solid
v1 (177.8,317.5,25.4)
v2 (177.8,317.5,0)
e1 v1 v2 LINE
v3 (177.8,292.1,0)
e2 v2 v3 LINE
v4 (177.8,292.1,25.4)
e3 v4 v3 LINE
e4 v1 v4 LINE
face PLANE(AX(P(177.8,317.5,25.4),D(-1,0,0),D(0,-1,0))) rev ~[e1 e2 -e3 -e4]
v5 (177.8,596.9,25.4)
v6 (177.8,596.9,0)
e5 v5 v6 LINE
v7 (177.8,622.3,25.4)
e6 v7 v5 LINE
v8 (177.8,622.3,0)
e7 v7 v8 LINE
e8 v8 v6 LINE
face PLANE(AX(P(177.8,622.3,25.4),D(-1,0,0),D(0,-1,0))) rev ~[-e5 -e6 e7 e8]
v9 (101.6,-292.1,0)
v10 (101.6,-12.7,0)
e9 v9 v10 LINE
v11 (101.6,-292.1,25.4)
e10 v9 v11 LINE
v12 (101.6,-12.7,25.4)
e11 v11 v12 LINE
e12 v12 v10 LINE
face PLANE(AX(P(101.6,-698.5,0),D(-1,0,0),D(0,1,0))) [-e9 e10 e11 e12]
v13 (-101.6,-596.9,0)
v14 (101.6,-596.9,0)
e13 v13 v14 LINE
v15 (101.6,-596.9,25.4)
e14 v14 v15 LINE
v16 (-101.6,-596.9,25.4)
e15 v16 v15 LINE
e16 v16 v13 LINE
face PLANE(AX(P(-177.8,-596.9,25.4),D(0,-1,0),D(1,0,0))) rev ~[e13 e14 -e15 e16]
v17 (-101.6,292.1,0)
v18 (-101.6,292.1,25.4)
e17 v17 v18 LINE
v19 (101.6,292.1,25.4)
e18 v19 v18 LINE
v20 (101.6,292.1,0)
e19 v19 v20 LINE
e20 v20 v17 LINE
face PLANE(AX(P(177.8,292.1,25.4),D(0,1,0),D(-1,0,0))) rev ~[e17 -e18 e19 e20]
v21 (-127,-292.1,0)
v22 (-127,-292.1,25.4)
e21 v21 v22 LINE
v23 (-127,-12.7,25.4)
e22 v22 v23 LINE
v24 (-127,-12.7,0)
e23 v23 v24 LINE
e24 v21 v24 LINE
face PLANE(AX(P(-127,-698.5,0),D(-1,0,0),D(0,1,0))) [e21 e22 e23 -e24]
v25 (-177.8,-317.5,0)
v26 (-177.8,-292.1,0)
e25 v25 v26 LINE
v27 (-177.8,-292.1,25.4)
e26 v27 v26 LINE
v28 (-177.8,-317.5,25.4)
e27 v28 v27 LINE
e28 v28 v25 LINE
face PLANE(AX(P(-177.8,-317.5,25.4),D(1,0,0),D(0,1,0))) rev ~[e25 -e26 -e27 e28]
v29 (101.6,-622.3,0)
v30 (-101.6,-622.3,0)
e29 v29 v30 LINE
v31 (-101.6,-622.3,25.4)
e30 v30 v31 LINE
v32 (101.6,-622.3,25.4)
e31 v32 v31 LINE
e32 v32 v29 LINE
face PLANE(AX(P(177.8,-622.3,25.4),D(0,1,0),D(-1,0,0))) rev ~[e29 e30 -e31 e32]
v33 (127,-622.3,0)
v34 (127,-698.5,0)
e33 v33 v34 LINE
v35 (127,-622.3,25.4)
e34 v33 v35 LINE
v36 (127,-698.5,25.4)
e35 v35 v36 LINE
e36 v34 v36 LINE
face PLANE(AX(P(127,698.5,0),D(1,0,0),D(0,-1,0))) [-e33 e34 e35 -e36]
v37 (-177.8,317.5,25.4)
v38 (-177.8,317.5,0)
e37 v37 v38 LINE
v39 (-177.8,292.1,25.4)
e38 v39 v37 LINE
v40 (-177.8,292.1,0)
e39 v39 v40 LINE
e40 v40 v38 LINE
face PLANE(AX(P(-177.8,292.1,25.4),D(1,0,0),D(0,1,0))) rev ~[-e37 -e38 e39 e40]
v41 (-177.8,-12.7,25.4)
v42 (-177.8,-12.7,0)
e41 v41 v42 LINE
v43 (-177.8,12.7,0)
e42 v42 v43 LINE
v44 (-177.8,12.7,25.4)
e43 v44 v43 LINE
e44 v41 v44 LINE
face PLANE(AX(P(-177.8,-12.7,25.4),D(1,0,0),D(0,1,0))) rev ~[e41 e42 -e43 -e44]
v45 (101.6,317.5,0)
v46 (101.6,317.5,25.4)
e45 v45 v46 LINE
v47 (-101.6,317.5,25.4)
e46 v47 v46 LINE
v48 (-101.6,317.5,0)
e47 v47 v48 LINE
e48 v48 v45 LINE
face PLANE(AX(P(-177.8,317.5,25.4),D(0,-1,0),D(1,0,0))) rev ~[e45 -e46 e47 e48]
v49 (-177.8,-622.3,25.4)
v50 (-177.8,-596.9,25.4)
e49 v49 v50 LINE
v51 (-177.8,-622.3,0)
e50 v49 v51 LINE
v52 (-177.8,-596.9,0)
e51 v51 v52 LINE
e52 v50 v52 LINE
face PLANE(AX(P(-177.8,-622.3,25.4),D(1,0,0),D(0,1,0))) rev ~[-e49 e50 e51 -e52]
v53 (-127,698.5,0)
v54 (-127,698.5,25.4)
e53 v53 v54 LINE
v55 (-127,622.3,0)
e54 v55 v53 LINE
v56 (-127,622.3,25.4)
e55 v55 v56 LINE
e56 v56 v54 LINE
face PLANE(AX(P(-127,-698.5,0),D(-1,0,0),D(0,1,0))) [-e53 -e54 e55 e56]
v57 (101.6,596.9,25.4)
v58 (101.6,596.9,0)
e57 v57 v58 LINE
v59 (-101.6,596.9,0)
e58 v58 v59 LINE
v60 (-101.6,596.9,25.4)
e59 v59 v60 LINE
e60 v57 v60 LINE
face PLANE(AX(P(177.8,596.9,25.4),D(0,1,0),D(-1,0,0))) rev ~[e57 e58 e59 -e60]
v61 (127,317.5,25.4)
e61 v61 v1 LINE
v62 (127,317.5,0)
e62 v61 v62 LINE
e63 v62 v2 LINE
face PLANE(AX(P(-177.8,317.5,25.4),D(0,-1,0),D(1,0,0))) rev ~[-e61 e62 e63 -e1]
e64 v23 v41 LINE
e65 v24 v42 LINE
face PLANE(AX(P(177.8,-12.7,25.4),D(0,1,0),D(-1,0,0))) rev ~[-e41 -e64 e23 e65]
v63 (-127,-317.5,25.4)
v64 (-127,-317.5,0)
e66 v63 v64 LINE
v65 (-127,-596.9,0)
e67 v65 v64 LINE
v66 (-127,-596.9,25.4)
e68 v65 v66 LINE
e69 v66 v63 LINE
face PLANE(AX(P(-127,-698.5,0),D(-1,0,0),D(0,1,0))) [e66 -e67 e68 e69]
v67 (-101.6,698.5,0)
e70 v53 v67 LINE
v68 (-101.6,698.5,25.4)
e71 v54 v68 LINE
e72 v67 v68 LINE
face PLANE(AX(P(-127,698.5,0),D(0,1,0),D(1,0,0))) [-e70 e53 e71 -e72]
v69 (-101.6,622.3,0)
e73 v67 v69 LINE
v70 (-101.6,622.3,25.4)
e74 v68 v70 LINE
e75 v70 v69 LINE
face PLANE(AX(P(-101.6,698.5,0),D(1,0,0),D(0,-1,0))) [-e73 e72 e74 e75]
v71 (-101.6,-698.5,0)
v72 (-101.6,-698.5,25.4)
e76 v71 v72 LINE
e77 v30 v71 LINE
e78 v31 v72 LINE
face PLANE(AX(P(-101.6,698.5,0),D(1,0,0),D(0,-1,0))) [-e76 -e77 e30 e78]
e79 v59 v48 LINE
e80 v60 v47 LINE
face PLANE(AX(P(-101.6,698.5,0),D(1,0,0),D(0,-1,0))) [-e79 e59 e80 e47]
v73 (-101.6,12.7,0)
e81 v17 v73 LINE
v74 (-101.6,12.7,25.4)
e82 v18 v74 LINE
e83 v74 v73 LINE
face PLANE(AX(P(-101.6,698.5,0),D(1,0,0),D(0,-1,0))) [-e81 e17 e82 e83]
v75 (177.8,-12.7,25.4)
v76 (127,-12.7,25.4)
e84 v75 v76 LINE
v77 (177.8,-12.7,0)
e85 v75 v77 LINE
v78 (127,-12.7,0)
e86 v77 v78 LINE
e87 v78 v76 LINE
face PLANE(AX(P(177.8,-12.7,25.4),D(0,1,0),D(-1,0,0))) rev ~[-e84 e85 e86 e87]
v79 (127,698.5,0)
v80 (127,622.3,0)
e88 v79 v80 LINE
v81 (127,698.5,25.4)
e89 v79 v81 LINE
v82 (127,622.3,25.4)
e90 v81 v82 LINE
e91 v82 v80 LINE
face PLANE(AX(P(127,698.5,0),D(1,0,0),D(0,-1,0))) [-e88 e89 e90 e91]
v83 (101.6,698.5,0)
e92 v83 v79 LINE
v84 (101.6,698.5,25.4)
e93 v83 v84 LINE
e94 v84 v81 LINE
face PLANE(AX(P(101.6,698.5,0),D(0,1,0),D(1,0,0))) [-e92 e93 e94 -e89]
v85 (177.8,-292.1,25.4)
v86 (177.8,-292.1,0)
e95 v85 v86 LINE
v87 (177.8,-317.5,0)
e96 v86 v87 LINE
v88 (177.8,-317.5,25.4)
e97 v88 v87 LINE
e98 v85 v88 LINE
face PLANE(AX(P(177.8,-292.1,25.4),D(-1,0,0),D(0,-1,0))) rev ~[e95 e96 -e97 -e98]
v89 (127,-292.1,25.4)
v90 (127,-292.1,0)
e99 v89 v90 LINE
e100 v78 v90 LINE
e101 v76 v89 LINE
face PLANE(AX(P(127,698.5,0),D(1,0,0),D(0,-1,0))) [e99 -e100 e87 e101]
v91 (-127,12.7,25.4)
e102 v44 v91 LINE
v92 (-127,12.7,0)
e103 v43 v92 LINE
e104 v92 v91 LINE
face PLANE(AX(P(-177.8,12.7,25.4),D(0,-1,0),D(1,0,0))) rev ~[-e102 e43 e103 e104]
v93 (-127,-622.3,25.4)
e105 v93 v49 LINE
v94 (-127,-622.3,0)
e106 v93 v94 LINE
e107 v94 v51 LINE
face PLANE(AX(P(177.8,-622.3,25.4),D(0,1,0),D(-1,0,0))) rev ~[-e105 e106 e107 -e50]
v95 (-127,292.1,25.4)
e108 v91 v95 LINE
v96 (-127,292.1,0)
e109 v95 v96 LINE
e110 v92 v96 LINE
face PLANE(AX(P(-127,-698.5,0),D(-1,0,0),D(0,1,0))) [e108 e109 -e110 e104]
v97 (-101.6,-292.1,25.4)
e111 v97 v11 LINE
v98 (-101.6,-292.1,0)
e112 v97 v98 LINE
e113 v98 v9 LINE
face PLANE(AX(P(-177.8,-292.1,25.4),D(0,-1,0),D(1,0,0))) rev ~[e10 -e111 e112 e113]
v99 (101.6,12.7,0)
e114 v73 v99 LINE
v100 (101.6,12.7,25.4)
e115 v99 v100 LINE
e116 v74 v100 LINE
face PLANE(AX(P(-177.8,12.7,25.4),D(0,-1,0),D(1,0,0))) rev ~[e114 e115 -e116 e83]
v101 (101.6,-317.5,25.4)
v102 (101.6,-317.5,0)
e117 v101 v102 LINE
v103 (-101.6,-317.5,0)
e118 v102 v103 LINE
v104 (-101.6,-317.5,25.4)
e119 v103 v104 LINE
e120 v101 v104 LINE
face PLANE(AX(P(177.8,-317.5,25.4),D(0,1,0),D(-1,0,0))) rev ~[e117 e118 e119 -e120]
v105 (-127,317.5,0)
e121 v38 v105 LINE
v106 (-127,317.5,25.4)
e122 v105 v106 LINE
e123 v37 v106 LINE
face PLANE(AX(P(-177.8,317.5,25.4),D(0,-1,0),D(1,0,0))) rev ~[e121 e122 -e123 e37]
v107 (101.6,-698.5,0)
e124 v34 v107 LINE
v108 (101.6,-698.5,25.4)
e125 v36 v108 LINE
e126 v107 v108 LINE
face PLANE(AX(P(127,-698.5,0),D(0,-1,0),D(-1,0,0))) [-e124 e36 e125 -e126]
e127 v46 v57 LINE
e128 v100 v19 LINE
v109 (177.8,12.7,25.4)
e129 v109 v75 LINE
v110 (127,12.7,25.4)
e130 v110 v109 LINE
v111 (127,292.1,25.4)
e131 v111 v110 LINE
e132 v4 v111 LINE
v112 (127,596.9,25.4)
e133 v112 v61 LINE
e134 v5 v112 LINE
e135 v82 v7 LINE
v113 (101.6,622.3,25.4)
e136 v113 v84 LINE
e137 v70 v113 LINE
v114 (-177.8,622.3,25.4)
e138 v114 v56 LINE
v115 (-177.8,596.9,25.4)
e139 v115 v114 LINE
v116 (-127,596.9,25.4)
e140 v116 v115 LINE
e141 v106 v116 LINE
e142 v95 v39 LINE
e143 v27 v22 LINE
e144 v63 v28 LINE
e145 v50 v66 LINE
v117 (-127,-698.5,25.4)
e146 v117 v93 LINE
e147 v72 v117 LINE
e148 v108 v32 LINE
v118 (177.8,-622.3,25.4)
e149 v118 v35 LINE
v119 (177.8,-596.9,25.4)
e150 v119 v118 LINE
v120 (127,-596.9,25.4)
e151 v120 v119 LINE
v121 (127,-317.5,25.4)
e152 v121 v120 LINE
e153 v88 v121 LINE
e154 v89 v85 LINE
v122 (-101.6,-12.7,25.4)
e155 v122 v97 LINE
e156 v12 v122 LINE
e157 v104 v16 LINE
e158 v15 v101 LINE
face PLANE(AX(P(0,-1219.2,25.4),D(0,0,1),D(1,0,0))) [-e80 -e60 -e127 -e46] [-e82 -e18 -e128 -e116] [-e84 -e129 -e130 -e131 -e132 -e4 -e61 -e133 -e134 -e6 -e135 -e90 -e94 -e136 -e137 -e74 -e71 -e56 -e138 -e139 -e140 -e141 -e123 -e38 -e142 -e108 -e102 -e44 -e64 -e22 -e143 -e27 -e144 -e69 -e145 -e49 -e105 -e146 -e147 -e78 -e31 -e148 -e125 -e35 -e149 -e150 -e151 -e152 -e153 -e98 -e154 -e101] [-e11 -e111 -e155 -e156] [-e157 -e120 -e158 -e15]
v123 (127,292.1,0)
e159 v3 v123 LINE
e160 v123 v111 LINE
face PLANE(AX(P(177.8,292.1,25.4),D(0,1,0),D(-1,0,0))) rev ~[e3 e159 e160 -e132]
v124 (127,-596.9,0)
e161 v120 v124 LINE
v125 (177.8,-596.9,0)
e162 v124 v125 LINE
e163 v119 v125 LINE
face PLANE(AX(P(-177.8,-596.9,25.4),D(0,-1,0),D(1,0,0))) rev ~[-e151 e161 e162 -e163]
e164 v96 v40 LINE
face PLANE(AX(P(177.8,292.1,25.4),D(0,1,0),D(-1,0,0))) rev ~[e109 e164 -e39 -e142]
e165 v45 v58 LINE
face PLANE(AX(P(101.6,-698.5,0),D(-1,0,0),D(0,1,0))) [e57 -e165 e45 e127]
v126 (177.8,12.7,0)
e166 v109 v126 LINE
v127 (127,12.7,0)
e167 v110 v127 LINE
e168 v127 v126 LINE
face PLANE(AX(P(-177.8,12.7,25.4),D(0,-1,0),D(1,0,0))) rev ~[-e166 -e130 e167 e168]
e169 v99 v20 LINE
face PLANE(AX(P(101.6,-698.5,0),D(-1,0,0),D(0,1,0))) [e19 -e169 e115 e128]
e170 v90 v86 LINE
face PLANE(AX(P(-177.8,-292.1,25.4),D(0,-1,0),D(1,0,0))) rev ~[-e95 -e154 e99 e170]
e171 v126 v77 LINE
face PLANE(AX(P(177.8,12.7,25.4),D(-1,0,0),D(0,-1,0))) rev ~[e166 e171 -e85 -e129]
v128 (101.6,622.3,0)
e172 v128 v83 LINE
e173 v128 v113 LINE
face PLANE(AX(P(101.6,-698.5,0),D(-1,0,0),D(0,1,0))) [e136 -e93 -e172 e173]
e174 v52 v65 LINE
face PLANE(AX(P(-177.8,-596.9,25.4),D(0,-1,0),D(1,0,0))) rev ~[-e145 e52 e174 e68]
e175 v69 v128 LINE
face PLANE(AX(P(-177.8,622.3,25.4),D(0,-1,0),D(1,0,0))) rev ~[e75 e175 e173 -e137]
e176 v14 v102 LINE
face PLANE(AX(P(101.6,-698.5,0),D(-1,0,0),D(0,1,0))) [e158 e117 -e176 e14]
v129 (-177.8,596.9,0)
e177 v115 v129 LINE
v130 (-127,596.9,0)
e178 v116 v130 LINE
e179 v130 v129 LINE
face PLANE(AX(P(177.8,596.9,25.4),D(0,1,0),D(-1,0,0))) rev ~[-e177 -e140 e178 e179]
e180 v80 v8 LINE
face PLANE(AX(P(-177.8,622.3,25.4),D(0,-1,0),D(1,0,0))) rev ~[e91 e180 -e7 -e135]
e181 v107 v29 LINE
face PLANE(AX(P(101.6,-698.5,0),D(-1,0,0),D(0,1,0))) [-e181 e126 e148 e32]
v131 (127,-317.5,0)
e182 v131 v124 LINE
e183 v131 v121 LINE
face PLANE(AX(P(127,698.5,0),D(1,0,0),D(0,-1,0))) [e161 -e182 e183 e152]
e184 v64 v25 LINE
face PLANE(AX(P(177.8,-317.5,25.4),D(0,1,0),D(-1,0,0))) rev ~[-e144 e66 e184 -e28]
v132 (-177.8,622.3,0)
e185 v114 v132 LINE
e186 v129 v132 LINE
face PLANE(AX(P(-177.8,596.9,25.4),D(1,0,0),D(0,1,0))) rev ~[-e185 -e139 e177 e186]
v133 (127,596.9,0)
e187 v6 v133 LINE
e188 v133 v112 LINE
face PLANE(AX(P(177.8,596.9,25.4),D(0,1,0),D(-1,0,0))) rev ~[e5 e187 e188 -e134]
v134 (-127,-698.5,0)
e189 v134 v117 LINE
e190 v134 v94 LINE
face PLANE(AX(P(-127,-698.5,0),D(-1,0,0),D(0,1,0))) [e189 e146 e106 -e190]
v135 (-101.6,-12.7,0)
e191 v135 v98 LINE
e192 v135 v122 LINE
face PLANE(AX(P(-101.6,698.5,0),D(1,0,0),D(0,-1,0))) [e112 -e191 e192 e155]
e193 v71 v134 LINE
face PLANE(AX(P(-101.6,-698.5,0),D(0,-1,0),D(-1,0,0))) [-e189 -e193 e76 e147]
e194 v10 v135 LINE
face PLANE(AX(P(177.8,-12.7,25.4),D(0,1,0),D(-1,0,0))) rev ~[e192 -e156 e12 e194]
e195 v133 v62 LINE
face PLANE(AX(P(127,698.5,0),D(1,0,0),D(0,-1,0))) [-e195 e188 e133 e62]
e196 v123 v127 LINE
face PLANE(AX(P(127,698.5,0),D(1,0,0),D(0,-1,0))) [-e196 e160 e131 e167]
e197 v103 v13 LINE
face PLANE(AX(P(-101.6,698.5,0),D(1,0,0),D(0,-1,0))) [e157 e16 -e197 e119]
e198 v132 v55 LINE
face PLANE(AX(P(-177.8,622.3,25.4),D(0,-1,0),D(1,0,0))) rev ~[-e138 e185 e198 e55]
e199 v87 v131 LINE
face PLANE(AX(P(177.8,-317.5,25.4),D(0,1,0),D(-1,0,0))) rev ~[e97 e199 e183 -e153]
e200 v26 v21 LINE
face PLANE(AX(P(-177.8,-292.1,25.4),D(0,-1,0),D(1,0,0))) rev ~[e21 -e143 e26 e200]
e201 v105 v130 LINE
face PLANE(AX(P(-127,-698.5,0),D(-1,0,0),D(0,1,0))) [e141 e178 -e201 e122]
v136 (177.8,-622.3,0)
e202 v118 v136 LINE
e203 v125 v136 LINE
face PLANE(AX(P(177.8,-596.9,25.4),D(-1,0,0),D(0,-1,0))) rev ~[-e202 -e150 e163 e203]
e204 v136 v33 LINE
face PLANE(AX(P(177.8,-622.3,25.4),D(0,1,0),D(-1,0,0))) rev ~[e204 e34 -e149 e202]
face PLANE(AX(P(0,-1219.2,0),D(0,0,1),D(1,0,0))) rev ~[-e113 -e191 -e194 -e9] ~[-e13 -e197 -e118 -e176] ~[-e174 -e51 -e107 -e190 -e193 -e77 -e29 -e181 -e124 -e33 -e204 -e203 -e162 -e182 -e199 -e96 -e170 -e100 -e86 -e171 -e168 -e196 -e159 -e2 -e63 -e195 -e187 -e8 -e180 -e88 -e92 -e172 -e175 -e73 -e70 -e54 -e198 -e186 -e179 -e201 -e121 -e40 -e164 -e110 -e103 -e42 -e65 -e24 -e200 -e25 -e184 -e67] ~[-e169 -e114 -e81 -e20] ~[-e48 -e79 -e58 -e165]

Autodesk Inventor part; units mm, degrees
ref_plane "YZ Plane" through (0, 0, 0) normal (1, 0, 0) x (0, 1, 0)
ref_plane "XZ Plane" through (0, 0, 0) normal (0, 1, 0) x (-1, 0, 0)
ref_plane "XY Plane" through (0, 0, 0) normal (0, 0, 1) x (1, 0, 0)
sketch "Sketch1" plane through (0, 0, 0) normal (0, 0, 1) x (1, 0, 0)
  line L0 (-127, 698.5) -> (-101.6, 698.5)
  line L1 (-101.6, 698.5) -> (-101.6, -698.5)
  line L2 (-101.6, -698.5) -> (-127, -698.5)
  line L3 (-127, -698.5) -> (-127, 698.5)
  line L4 (101.6, 698.5) -> (127, 698.5)
  line L5 (127, 698.5) -> (127, -698.5)
  line L6 (127, -698.5) -> (101.6, -698.5)
  line L7 (101.6, -698.5) -> (101.6, 698.5)
  line L8 (0, 0) -> (0, 143.5331) construction
  line L9 (0, 0) -> (-211.7363, 0) construction
  dimension "d0" = 25.4
  dimension "d1" = 1397
  dimension "d2" = 203.2
extrude "Extrusion1" add sketch "Sketch1" along normal blind 25.4
sketch "Sketch2" plane through (0, 0, 25.4) normal (0, 0, 1) x (1, 0, 0)
  line L0 (-177.8, 622.3) -> (177.8, 622.3)
  line L1 (177.8, 622.3) -> (177.8, 596.9)
  line L2 (177.8, 596.9) -> (-177.8, 596.9)
  line L3 (-177.8, 596.9) -> (-177.8, 622.3)
  line L4 (0, 0) -> (0, 410.334) construction
  line L5 (127, 698.5) -> (101.6, 698.5) construction
  dimension "d5" = 25.4
  dimension "d6" = 355.6
  dimension "d7" = 76.2
extrude "Extrusion2" add sketch "Sketch2" against normal blind 25.4
pattern_linear "Rectangular Pattern1" count 5 spacing 304.8 along (0, -1, 0) of "Extrusion2"
properties part number "Rail zone"
